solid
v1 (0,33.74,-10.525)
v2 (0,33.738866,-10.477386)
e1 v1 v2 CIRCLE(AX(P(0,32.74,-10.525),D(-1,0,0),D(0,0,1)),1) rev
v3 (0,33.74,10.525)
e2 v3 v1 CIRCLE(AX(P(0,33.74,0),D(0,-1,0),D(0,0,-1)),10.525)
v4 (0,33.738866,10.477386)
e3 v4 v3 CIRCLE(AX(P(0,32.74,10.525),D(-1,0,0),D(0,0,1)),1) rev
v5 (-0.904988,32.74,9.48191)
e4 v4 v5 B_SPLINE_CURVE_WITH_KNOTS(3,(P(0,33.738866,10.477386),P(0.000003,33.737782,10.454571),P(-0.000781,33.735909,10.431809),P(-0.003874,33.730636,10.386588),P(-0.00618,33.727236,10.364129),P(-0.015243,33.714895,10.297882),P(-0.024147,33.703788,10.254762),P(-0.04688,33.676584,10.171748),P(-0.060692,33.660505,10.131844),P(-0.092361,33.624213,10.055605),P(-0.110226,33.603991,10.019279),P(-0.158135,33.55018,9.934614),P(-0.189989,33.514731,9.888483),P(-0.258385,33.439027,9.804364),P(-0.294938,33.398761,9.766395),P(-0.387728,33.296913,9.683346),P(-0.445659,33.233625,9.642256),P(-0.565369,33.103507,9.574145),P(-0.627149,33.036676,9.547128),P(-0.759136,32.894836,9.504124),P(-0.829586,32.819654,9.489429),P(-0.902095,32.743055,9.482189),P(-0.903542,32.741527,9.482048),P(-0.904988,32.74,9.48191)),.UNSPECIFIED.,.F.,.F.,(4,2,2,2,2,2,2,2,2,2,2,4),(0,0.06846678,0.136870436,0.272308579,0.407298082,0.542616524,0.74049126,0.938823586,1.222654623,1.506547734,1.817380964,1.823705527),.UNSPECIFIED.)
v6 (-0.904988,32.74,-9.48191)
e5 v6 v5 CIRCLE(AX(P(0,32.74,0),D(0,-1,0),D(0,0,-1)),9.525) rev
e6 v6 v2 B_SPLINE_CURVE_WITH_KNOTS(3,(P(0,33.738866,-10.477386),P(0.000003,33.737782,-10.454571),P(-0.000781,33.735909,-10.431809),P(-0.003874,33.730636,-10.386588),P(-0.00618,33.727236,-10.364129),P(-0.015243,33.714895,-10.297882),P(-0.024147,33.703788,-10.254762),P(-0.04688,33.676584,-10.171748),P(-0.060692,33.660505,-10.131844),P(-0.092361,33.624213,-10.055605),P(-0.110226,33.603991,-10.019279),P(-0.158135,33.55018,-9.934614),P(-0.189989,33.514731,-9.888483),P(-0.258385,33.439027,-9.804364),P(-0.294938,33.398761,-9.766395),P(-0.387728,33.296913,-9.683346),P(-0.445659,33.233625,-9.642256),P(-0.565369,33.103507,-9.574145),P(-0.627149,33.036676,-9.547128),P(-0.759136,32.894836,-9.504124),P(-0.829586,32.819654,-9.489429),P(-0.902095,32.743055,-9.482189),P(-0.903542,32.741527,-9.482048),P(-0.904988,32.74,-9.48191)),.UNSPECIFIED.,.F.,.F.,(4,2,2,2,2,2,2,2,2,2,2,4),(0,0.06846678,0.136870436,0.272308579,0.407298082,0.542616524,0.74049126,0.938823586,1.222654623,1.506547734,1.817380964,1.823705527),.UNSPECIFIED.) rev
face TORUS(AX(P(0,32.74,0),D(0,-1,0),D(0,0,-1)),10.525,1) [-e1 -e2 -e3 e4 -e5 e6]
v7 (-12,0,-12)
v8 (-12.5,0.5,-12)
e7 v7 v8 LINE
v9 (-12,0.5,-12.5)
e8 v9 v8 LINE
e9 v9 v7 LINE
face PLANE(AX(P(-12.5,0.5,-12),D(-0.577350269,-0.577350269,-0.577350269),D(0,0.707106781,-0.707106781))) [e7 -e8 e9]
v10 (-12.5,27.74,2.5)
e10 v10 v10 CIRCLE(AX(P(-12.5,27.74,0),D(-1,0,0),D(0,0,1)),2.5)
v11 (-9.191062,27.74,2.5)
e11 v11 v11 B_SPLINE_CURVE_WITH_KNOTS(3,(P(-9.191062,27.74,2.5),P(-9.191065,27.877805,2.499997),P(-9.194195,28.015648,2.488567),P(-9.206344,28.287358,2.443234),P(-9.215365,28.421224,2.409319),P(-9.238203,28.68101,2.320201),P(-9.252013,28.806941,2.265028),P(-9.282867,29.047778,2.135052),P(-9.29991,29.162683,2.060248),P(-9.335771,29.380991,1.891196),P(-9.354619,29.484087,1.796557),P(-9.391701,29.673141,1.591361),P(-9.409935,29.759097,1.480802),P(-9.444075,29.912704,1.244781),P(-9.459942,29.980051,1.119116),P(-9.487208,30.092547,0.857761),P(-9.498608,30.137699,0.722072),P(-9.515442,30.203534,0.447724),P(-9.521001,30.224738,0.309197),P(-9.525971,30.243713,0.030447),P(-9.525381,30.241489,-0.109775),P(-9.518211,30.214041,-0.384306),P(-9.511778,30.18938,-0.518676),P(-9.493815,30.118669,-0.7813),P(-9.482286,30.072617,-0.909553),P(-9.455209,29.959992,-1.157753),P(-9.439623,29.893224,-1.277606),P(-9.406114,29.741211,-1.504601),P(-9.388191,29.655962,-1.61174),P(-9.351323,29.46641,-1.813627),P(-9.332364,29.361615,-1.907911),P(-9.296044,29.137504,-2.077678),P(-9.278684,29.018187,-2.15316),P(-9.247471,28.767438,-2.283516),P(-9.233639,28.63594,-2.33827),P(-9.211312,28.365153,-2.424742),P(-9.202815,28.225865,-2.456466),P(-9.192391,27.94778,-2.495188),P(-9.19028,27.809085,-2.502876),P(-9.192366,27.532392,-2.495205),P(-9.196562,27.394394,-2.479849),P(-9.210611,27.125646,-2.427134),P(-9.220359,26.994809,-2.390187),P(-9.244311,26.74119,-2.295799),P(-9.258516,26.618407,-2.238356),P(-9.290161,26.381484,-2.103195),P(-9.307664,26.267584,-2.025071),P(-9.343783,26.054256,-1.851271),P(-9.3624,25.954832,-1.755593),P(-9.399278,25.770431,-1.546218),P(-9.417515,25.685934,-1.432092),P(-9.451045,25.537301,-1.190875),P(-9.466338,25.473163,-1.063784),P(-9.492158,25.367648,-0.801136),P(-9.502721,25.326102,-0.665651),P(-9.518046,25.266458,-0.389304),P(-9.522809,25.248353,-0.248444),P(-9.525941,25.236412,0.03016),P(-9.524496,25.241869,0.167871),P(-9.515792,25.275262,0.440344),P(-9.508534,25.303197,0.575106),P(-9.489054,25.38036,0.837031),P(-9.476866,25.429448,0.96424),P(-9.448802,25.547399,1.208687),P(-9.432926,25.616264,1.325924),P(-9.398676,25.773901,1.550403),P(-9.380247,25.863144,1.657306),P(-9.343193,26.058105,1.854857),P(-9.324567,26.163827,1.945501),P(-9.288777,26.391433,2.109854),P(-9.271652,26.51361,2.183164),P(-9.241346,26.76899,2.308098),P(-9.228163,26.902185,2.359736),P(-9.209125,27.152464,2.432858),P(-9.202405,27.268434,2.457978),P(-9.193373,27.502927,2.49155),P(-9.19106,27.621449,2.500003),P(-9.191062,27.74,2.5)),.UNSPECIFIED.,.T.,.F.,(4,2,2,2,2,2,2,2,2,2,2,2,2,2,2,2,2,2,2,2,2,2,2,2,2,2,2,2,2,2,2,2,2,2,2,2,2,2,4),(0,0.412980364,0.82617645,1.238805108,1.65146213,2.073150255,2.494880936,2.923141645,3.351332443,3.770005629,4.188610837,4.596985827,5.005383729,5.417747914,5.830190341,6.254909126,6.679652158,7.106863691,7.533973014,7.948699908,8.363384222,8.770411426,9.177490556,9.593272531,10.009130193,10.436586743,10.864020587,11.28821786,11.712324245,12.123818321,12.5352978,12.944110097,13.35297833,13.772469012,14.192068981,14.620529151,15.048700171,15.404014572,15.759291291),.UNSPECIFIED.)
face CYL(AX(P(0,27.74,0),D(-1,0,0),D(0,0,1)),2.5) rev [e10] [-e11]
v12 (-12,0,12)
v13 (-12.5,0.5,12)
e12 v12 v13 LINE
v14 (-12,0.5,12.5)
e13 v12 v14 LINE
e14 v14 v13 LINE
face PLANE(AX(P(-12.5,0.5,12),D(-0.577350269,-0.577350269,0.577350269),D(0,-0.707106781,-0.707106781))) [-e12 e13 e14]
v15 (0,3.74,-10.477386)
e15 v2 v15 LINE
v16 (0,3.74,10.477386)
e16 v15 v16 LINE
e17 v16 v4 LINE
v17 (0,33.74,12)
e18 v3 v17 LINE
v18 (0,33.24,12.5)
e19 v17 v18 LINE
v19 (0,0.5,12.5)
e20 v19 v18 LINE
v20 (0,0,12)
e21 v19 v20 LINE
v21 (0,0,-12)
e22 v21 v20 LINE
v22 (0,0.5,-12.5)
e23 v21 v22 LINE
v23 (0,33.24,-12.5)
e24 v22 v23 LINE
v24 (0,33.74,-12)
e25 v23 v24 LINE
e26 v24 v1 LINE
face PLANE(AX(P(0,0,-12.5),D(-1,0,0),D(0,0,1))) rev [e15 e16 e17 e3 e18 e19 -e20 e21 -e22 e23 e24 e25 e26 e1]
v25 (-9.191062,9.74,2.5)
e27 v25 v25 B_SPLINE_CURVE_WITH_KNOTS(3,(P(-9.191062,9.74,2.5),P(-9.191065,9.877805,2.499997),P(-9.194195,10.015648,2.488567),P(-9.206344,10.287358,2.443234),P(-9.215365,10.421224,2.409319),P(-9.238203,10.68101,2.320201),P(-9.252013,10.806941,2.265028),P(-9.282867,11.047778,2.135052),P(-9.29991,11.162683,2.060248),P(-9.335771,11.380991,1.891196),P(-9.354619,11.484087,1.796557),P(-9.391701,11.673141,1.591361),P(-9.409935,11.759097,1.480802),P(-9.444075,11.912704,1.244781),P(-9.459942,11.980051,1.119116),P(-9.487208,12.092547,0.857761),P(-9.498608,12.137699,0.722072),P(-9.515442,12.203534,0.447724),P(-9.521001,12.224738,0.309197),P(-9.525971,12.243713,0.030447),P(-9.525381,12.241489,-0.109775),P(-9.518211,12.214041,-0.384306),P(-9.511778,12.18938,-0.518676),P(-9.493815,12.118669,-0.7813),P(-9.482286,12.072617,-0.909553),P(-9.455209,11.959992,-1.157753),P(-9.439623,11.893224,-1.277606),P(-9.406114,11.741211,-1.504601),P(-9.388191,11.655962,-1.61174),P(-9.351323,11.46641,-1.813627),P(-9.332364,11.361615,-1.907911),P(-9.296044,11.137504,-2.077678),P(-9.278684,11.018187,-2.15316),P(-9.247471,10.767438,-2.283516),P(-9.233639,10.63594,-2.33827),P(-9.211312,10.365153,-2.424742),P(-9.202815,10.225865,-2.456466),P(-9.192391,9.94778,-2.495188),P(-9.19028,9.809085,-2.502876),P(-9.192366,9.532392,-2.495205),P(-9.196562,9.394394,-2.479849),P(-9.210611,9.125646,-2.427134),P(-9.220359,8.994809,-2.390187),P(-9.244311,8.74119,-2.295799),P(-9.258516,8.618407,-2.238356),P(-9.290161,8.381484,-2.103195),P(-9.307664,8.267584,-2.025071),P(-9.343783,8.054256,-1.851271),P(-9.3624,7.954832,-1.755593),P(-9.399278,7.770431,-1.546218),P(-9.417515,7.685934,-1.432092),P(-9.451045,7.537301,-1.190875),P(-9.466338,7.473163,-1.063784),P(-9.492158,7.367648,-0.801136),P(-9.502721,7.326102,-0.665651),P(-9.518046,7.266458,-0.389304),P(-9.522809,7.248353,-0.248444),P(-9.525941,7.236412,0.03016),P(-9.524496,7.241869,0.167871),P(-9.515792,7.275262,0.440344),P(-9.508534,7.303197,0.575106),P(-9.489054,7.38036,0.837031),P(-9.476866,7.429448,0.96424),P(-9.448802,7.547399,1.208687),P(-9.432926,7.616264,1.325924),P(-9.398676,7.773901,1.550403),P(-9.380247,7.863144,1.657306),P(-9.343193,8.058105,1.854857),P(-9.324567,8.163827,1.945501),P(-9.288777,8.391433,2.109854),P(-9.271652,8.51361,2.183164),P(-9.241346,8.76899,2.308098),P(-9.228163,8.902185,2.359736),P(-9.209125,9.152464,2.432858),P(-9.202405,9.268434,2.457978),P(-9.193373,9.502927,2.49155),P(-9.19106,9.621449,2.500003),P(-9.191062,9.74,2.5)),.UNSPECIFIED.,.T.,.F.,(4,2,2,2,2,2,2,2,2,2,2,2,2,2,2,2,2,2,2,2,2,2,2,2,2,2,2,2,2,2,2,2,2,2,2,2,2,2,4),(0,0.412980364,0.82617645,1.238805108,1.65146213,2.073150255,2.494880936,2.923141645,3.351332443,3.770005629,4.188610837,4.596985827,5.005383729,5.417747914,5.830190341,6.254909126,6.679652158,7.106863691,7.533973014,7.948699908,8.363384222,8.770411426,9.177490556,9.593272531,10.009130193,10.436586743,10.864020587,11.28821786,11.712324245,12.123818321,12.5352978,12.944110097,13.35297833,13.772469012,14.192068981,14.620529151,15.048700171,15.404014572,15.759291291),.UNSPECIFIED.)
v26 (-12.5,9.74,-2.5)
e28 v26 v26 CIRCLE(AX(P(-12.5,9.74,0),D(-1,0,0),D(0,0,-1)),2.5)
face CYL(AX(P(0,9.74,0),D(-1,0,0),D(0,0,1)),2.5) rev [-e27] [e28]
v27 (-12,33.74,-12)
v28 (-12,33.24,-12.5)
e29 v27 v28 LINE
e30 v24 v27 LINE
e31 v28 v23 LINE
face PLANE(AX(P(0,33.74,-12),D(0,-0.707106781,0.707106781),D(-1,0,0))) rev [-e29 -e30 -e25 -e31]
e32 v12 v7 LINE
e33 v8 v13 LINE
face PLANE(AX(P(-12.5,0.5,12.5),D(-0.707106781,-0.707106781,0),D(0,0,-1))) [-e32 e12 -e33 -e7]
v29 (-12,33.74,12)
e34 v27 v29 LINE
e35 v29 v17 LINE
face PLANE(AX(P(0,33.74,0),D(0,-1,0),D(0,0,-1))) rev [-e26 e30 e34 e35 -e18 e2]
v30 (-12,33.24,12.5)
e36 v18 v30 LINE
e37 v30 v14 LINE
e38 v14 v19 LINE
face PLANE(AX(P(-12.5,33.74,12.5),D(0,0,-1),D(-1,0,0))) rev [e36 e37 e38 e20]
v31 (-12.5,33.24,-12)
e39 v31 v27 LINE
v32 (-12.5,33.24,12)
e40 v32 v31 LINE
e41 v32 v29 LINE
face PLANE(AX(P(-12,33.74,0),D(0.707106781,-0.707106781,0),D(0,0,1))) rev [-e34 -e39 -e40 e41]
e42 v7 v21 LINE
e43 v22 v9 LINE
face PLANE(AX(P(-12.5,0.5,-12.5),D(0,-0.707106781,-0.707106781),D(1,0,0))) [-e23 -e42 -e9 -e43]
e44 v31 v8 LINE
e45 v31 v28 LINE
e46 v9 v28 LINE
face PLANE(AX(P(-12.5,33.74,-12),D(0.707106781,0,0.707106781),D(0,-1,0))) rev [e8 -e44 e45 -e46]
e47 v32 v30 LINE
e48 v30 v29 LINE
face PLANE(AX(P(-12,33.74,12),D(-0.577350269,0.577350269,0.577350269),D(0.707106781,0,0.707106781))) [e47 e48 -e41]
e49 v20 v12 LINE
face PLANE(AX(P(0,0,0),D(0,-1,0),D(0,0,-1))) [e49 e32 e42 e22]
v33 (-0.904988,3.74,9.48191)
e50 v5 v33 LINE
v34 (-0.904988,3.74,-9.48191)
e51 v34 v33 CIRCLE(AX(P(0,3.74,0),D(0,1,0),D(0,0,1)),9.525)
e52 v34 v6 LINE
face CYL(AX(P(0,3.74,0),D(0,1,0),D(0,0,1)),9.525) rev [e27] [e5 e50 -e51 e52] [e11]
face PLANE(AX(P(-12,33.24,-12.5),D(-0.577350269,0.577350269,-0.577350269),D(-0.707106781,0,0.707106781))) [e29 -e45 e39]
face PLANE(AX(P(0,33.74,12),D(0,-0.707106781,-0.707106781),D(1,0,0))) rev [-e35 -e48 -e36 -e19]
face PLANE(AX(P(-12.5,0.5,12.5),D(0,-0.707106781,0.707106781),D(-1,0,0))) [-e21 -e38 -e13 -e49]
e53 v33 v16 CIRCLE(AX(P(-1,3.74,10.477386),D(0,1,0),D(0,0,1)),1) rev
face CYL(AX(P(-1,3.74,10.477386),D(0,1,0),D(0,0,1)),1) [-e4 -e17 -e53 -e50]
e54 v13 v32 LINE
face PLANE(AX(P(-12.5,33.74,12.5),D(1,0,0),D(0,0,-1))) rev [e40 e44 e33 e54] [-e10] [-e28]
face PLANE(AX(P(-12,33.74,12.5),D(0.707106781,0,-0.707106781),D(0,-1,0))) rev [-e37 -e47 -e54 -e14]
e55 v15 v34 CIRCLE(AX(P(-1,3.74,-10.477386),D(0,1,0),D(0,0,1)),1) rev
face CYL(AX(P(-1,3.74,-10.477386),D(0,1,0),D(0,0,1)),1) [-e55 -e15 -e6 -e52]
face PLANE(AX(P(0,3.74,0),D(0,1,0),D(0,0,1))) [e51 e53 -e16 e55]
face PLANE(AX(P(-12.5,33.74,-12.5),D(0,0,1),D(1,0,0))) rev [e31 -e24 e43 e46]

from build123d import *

# Parameters (mm, degrees)
SKETCH1_W           = 25
SKETCH1_H           = 25
BOSS_EXTRUDE1_DEPTH = 33.74
SKETCH2_R           = 9.525
CUT_EXTRUDE1_DEPTH  = 30
SKETCH3_W           = 12.5
SKETCH3_H           = 25
CUT_EXTRUDE2_DEPTH  = 39.090518505
SKETCH4_R           = 2.5
CUT_EXTRUDE3_DEPTH  = 39.090518505
CHAMFER2_SIZE       = 0.5
FILLET1_R           = 1


with BuildPart() as part:
    # Sketch1 → Boss-Extrude1 (new body)
    with BuildSketch(Plane(origin=(0, 0, 0), x_dir=(1, 0, 0), z_dir=(0, 1, 0))):
        Rectangle(SKETCH1_W, SKETCH1_H)
    extrude(amount=BOSS_EXTRUDE1_DEPTH)

    # Sketch2 → Cut-Extrude1 (cut)
    with BuildSketch(Plane(origin=(0, 33.74, 0), x_dir=(1, 0, 0), z_dir=(0, 1, 0))):
        with Locations(Location((0, 0, 0), (0, 0, 270))):
            Circle(SKETCH2_R)
    extrude(amount=-CUT_EXTRUDE1_DEPTH, mode=Mode.SUBTRACT)

    # Sketch3 → Cut-Extrude2 (cut, through all)
    with BuildSketch(Plane(origin=(0, 33.74, 0), x_dir=(1, 0, 0), z_dir=(0, 1, 0))):
        with Locations((6.25, 0)):
            Rectangle(SKETCH3_W, SKETCH3_H)
    extrude(amount=-CUT_EXTRUDE2_DEPTH, mode=Mode.SUBTRACT)

    # Sketch4 → Cut-Extrude3 (cut, through all)
    with BuildSketch(Plane.ZY.offset(12.5)):
        with Locations((0, 27.74)):
            Circle(SKETCH4_R)
        with Locations((0, 9.74)):
            Circle(SKETCH4_R)
    extrude(amount=-CUT_EXTRUDE3_DEPTH, mode=Mode.SUBTRACT)

    # Chamfer2
    chamfer2_edges = [part.edges().sort_by_distance(p)[0] for p in [
        (-12.5, 33.74, 0),
        (-6.25, 33.74, 12.5),
        (-6.25, 0, -12.5),
        (-6.25, 33.74, -12.5),
        (-6.25, 0, 12.5),
        (-12.5, 0, 0),
        (-12.5, 16.87, 12.5),
        (-12.5, 16.87, -12.5),
    ]]
    chamfer(chamfer2_edges, length=CHAMFER2_SIZE)

    # Fillet1
    fillet1_edges = [part.edges().sort_by_distance(p)[0] for p in [
        (-9.525, 33.74, 0),
        (0, 18.74, 9.525),
        (0, 18.74, -9.525),
    ]]
    fillet(fillet1_edges, radius=FILLET1_R)


solid = part.part
